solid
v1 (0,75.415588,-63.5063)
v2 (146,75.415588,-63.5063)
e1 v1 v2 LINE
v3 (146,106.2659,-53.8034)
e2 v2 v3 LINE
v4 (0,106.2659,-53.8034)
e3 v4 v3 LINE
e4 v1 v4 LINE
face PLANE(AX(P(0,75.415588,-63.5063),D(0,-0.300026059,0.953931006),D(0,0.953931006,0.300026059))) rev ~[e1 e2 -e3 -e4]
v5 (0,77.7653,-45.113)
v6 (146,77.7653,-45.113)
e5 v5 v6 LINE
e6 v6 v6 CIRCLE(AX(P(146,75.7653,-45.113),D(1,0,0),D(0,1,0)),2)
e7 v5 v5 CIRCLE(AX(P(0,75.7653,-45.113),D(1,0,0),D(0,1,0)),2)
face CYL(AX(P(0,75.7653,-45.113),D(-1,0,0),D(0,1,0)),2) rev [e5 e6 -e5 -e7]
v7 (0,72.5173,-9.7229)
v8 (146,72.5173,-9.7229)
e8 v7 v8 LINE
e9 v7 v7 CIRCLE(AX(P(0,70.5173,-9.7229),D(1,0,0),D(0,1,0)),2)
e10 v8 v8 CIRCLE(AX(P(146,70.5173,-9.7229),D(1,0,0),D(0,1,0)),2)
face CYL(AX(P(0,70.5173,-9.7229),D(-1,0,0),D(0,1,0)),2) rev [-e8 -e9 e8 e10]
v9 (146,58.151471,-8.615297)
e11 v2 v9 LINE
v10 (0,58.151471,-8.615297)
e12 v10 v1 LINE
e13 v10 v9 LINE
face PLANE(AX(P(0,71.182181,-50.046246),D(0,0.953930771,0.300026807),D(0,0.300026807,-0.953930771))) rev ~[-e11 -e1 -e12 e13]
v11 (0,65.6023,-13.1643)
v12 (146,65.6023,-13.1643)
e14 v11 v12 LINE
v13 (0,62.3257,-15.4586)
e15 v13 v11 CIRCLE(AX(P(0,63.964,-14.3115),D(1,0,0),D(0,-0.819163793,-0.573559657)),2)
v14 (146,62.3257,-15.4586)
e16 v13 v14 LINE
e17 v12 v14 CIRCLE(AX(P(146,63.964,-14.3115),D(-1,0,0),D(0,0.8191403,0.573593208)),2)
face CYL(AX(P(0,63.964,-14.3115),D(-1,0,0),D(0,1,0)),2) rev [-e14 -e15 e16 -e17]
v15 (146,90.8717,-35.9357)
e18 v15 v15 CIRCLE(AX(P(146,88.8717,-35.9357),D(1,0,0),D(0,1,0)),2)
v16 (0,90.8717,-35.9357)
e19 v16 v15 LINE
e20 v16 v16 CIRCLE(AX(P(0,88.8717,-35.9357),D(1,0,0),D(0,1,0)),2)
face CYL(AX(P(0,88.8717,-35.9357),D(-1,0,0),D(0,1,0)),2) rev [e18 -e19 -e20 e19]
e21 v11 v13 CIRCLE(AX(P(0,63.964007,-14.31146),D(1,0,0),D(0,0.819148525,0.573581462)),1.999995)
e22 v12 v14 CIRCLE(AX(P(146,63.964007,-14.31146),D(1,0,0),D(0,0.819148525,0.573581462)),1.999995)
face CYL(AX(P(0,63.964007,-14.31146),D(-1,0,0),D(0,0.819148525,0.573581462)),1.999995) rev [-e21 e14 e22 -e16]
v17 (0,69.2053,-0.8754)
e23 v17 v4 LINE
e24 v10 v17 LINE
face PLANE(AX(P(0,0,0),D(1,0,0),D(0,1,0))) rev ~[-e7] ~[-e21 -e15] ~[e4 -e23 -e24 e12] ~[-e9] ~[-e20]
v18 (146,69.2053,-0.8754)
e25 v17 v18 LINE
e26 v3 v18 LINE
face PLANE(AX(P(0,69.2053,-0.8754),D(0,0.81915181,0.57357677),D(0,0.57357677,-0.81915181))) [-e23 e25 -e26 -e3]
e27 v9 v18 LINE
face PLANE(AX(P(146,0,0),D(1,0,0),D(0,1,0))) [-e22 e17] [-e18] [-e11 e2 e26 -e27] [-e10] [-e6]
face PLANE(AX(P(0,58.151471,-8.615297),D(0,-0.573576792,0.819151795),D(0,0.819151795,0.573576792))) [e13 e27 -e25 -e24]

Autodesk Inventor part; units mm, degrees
ref_plane "YZ Plane" through (0, 0, 0) normal (1, 0, 0) x (0, 1, 0)
ref_plane "XZ Plane" through (0, 0, 0) normal (0, 1, 0) x (-1, 0, 0)
ref_plane "XY Plane" through (0, 0, 0) normal (0, 0, 1) x (1, 0, 0)
sketch "Sketch1" plane through (0, 0, 0) normal (1, 0, 0) x (0, 1, 0)
  line L0 (64.4555, -41.9909) -> (61.5977, -32.9047)
  line L1 (138.014, 47.3051) -> (165.5457, 7.9858) projected
  line L2 (27.9282, -88.3751) -> (165.5457, 7.9858) projected
  line L3 (0.3965, -49.0558) -> (27.9282, -88.3751) projected
  line L4 (0.3965, -49.0558) -> (138.014, 47.3051) projected
  circle A0 centre (132.1202, 13.8796) radius 7 projected
  circle A1 centre (112.4606, 0.1137) radius 7 projected
  arc A2 (128.0668, 2.4092) -> (132.006, 1.7146) centre (130.0364, 2.0619) ccw projected
  line L5 (132.1252, 2.3905) -> (132.006, 1.7146) projected
  arc A3 (132.1252, 2.3905) -> (128.186, 3.085) centre (130.1556, 2.7377) ccw projected
  line L6 (128.0668, 2.4092) -> (128.186, 3.085) projected
  line L7 (120.5811, 8.2413) -> (121.7054, 9.0286) projected
  arc A4 (120.5811, 8.2413) -> (122.8754, 4.9647) centre (121.7282, 6.603) ccw projected
  line L8 (123.9997, 5.752) -> (122.8754, 4.9647) projected
  arc A5 (123.9997, 5.752) -> (121.7054, 9.0286) centre (122.8526, 7.3903) ccw projected
  arc A6 (120.6498, 17.933) -> (119.9552, 13.9937) centre (120.3025, 15.9634) ccw projected
  line L9 (120.6311, 13.8746) -> (119.9552, 13.9937) projected
  arc A7 (120.6311, 13.8746) -> (121.3257, 17.8138) centre (120.9784, 15.8442) ccw projected
  line L10 (120.6498, 17.933) -> (121.3257, 17.8138) projected
  arc A8 (143.5906, 9.8262) -> (144.2852, 13.7654) centre (143.9379, 11.7958) ccw projected
  line L11 (143.6093, 13.8846) -> (144.2852, 13.7654) projected
  arc A9 (143.6093, 13.8846) -> (142.9147, 9.9454) centre (143.262, 11.915) ccw projected
  line L12 (143.5906, 9.8262) -> (142.9147, 9.9454) projected
  line L13 (143.6594, 19.5178) -> (142.535, 18.7305) projected
  arc A10 (143.6594, 19.5178) -> (141.3651, 22.7944) centre (142.5122, 21.1561) ccw projected
  line L14 (140.2407, 22.0072) -> (141.3651, 22.7944) projected
  arc A11 (140.2407, 22.0072) -> (142.535, 18.7305) centre (141.3879, 20.3689) ccw projected
  line L15 (140.2478, 5.7591) -> (142.9357, 1.9203) projected
  arc A12 (140.2478, 5.7591) -> (136.9712, 3.4648) centre (138.6095, 4.6119) ccw projected
  line L16 (139.6591, -0.374) -> (136.9712, 3.4648) projected
  arc A13 (139.6591, -0.374) -> (142.9357, 1.9203) centre (141.2974, 0.7731) ccw projected
  circle A14 centre (134.7442, -3.8155) radius 2 projected
  circle A15 centre (128.191, -8.4041) radius 2 projected
  line L17 (120.5881, -8.0068) -> (123.2761, -11.8455) projected
  arc A16 (120.5881, -8.0068) -> (117.3115, -10.3011) centre (118.9498, -9.1539) ccw projected
  line L18 (119.9995, -14.1398) -> (117.3115, -10.3011) projected
  arc A17 (119.9995, -14.1398) -> (123.2761, -11.8455) centre (121.6378, -12.9927) ccw projected
  circle A18 centre (115.0846, -17.5813) radius 2 projected
  circle A19 centre (108.5314, -22.1699) radius 2 projected
  line L19 (100.9285, -21.7726) -> (103.6164, -25.6114) projected
  arc A20 (100.9285, -21.7726) -> (97.6519, -24.0669) centre (99.2902, -22.9197) ccw projected
  line L20 (100.3398, -27.9057) -> (97.6519, -24.0669) projected
  arc A21 (100.3398, -27.9057) -> (103.6164, -25.6114) centre (101.9781, -26.7585) ccw projected
  circle A22 centre (95.4249, -31.3471) radius 2 projected
  circle A23 centre (88.8717, -35.9357) radius 2 projected
  line L21 (81.2688, -35.5384) -> (83.9568, -39.3772) projected
  arc A24 (81.2688, -35.5384) -> (77.9922, -37.8327) centre (79.6305, -36.6856) ccw projected
  line L22 (80.6802, -41.6715) -> (77.9922, -37.8327) projected
  arc A25 (80.6802, -41.6715) -> (83.9568, -39.3772) centre (82.3185, -40.5244) ccw projected
  circle A26 centre (75.7653, -45.113) radius 2 projected
  circle A27 centre (69.2121, -49.7016) radius 2 projected
  line L23 (61.6092, -49.3043) -> (64.2971, -53.143) projected
  arc A28 (61.6092, -49.3043) -> (58.3326, -51.5986) centre (59.9709, -50.4514) ccw projected
  line L24 (61.0205, -55.4373) -> (58.3326, -51.5986) projected
  arc A29 (61.0205, -55.4373) -> (64.2971, -53.143) centre (62.6588, -54.2902) ccw projected
  circle A30 centre (56.1056, -58.8788) radius 2 projected
  circle A31 centre (49.5524, -63.4674) radius 2 projected
  line L25 (41.9495, -63.0701) -> (44.6375, -66.9089) projected
  arc A32 (41.9495, -63.0701) -> (38.6729, -65.3644) centre (40.3112, -64.2172) ccw projected
  line L26 (41.3609, -69.2032) -> (38.6729, -65.3644) projected
  arc A33 (41.3609, -69.2032) -> (44.6375, -66.9089) centre (42.9992, -68.056) ccw projected
  circle A34 centre (36.446, -72.6446) radius 2 projected
  circle A35 centre (29.8928, -77.2333) radius 2 projected
  line L27 (123.9926, 22.0001) -> (121.3047, 25.8389) projected
  arc A36 (123.9926, 22.0001) -> (127.2692, 24.2944) centre (125.6309, 23.1472) ccw projected
  line L28 (124.5813, 28.1332) -> (127.2692, 24.2944) projected
  arc A37 (124.5813, 28.1332) -> (121.3047, 25.8389) centre (122.943, 26.986) ccw projected
  circle A38 centre (116.3898, 22.3974) radius 2 projected
  circle A39 centre (109.8366, 17.8088) radius 2 projected
  line L29 (104.333, 8.2342) -> (101.645, 12.073) projected
  arc A40 (104.333, 8.2342) -> (107.6096, 10.5285) centre (105.9713, 9.3814) ccw projected
  line L30 (104.9216, 14.3673) -> (107.6096, 10.5285) projected
  arc A41 (104.9216, 14.3673) -> (101.645, 12.073) centre (103.2833, 13.2202) ccw projected
  circle A42 centre (96.7301, 8.6316) radius 2 projected
  circle A43 centre (90.1769, 4.043) radius 2 projected
  line L31 (84.6733, -5.5316) -> (81.9854, -1.6928) projected
  arc A44 (84.6733, -5.5316) -> (87.9499, -3.2373) centre (86.3116, -4.3844) ccw projected
  line L32 (85.262, 0.6015) -> (87.9499, -3.2373) projected
  arc A45 (85.262, 0.6015) -> (81.9854, -1.6928) centre (83.6237, -0.5457) ccw projected
  circle A46 centre (77.0705, -5.1343) radius 2 projected
  circle A47 centre (70.5173, -9.7229) radius 2 projected
  line L33 (65.0137, -19.2974) -> (62.3257, -15.4586) projected
  arc A48 (65.0137, -19.2974) -> (68.2903, -17.0031) centre (66.652, -18.1503) ccw projected
  line L34 (65.6023, -13.1643) -> (68.2903, -17.0031) projected
  arc A49 (65.6023, -13.1643) -> (62.3257, -15.4586) centre (63.964, -14.3115) ccw projected
  circle A50 centre (57.4108, -18.9001) radius 2 projected
  circle A51 centre (50.8576, -23.4887) radius 2 projected
  line L35 (45.354, -33.0633) -> (42.6661, -29.2245) projected
  arc A52 (45.354, -33.0633) -> (48.6306, -30.769) centre (46.9923, -31.9161) ccw projected
  line L36 (45.9427, -26.9302) -> (48.6306, -30.769) projected
  arc A53 (45.9427, -26.9302) -> (42.6661, -29.2245) centre (44.3044, -28.0773) ccw projected
  circle A54 centre (37.7512, -32.6659) radius 2 projected
  circle A55 centre (31.198, -37.2546) radius 2 projected
  line L37 (25.6944, -46.8291) -> (23.0064, -42.9903) projected
  arc A56 (25.6944, -46.8291) -> (28.971, -44.5348) centre (27.3327, -45.6819) ccw projected
  line L38 (26.283, -40.696) -> (28.971, -44.5348) projected
  arc A57 (26.283, -40.696) -> (23.0064, -42.9903) centre (24.6447, -41.8432) ccw projected
  circle A58 centre (18.0915, -46.4318) radius 2 projected
  circle A59 centre (11.5383, -51.0204) radius 2 projected
  arc A60 (25.6327, -72.7688) -> (26.3273, -68.8296) centre (25.98, -70.7992) ccw projected
  line L39 (25.6514, -68.7104) -> (26.3273, -68.8296) projected
  arc A61 (25.6514, -68.7104) -> (24.9568, -72.6497) centre (25.3041, -70.68) ccw projected
  line L40 (25.6327, -72.7688) -> (24.9568, -72.6497) projected
  arc A62 (18.2157, -57.245) -> (14.2765, -56.5504) centre (16.2461, -56.8977) ccw projected
  line L41 (14.1573, -57.2263) -> (14.2765, -56.5504) projected
  arc A63 (14.1573, -57.2263) -> (18.0965, -57.9209) centre (16.1269, -57.5736) ccw projected
  line L42 (18.2157, -57.245) -> (18.0965, -57.9209) projected
  arc A64 (147.7265, 16.175) -> (151.6657, 15.4804) centre (149.6961, 15.8277) ccw projected
  line L43 (151.7849, 16.1563) -> (151.6657, 15.4804) projected
  arc A65 (151.7849, 16.1563) -> (147.8456, 16.8509) centre (149.8153, 16.5036) ccw projected
  line L44 (147.7265, 16.175) -> (147.8456, 16.8509) projected
  arc A66 (140.3095, 31.6988) -> (139.6149, 27.7596) centre (139.9622, 29.7292) ccw projected
  line L45 (140.2907, 27.6404) -> (139.6149, 27.7596) projected
  arc A67 (140.2907, 27.6404) -> (140.9853, 31.5796) centre (140.638, 29.61) ccw projected
  line L46 (140.3095, 31.6988) -> (140.9853, 31.5796) projected
  circle A68 centre (129.4962, 31.5746) radius 2 projected
  circle A69 centre (147.8506, 5.3618) radius 2 projected
  circle A70 centre (154.4039, 9.9504) radius 2 projected
  circle A71 centre (136.0494, 36.1632) radius 2 projected
  arc A72 (45.2924, -59.003) -> (45.987, -55.0638) centre (45.6397, -57.0334) ccw projected
  line L47 (45.3111, -54.9446) -> (45.987, -55.0638) projected
  arc A73 (45.3111, -54.9446) -> (44.6165, -58.8838) centre (44.9638, -56.9142) ccw projected
  line L48 (45.2924, -59.003) -> (44.6165, -58.8838) projected
  arc A74 (64.952, -45.2372) -> (65.6466, -41.2979) centre (65.2993, -43.2675) ccw projected
  line L49 (64.9707, -41.1788) -> (65.6466, -41.2979) projected
  arc A75 (64.9707, -41.1788) -> (64.2761, -45.118) centre (64.6234, -43.1484) ccw projected
  line L50 (64.952, -45.2372) -> (64.2761, -45.118) projected
  arc A76 (84.6117, -31.4713) -> (85.3063, -27.5321) centre (84.959, -29.5017) ccw projected
  line L51 (84.6304, -27.4129) -> (85.3063, -27.5321) projected
  arc A77 (84.6304, -27.4129) -> (83.9358, -31.3521) centre (84.2831, -29.3825) ccw projected
  line L52 (84.6117, -31.4713) -> (83.9358, -31.3521) projected
  arc A78 (104.2713, -17.7055) -> (104.9659, -13.7663) centre (104.6186, -15.7359) ccw projected
  line L53 (104.29, -13.6471) -> (104.9659, -13.7663) projected
  arc A79 (104.29, -13.6471) -> (103.5954, -17.5863) centre (103.9427, -15.6167) ccw projected
  line L54 (104.2713, -17.7055) -> (103.5954, -17.5863) projected
  arc A80 (123.931, -3.9397) -> (124.6256, -0.0004) centre (124.2783, -1.97) ccw projected
  line L55 (123.9497, 0.1188) -> (124.6256, -0.0004) projected
  arc A81 (123.9497, 0.1188) -> (123.2551, -3.8205) centre (123.6024, -1.8509) ccw projected
  line L56 (123.931, -3.9397) -> (123.2551, -3.8205) projected
  arc A82 (22.3516, -50.8962) -> (21.657, -54.8354) centre (22.0043, -52.8658) ccw projected
  line L57 (22.3328, -54.9546) -> (21.657, -54.8354) projected
  arc A83 (22.3328, -54.9546) -> (23.0274, -51.0154) centre (22.6801, -52.985) ccw projected
  line L58 (22.3516, -50.8962) -> (23.0274, -51.0154) projected
  arc A84 (42.0112, -37.1304) -> (41.3166, -41.0696) centre (41.6639, -39.1) ccw projected
  line L59 (41.9925, -41.1888) -> (41.3166, -41.0696) projected
  arc A85 (41.9925, -41.1888) -> (42.6871, -37.2495) centre (42.3398, -39.2192) ccw projected
  line L60 (42.0112, -37.1304) -> (42.6871, -37.2495) projected
  arc A86 (61.6709, -23.3645) -> (60.9763, -27.3038) centre (61.3236, -25.3342) ccw projected
  line L61 (61.6521, -27.4229) -> (60.9763, -27.3038) projected
  arc A87 (61.6521, -27.4229) -> (62.3467, -23.4837) centre (61.9994, -25.4533) ccw projected
  line L62 (61.6709, -23.3645) -> (62.3467, -23.4837) projected
  arc A88 (81.3305, -9.5987) -> (80.6359, -13.5379) centre (80.9832, -11.5683) ccw projected
  line L63 (81.3118, -13.6571) -> (80.6359, -13.5379) projected
  arc A89 (81.3118, -13.6571) -> (82.0064, -9.7179) centre (81.6591, -11.6875) ccw projected
  line L64 (81.3305, -9.5987) -> (82.0064, -9.7179) projected
  arc A90 (100.9902, 4.1671) -> (100.2956, 0.2279) centre (100.6429, 2.1975) ccw projected
  line L65 (100.9714, 0.1087) -> (100.2956, 0.2279) projected
  arc A91 (100.9714, 0.1087) -> (101.666, 4.048) centre (101.3187, 2.0783) ccw projected
  line L66 (100.9902, 4.1671) -> (101.666, 4.048) projected
  arc A92 (22.2828, -60.5879) -> (24.5771, -63.8645) centre (23.43, -62.2262) ccw projected
  line L67 (25.7015, -63.0772) -> (24.5771, -63.8645) projected
  arc A93 (25.7015, -63.0772) -> (23.4072, -59.8006) centre (24.5543, -61.4389) ccw projected
  line L68 (22.2828, -60.5879) -> (23.4072, -59.8006) projected
  line L69 (41.9425, -46.822) -> (43.0668, -46.0347) projected
  arc A94 (41.9425, -46.822) -> (44.2368, -50.0986) centre (43.0896, -48.4603) ccw projected
  line L70 (45.3611, -49.3113) -> (44.2368, -50.0986) projected
  arc A95 (45.3611, -49.3113) -> (43.0668, -46.0347) centre (44.214, -47.673) ccw projected
  line L71 (61.6021, -33.0562) -> (62.7265, -32.2689) projected
  arc A96 (61.6021, -33.0562) -> (63.8964, -36.3328) centre (62.7493, -34.6945) ccw projected
  line L72 (65.0208, -35.5455) -> (63.8964, -36.3328) projected
  arc A97 (65.0208, -35.5455) -> (62.7265, -32.2689) centre (63.8736, -33.9072) ccw projected
  line L73 (81.2618, -19.2903) -> (82.3861, -18.5031) projected
  arc A98 (81.2618, -19.2903) -> (83.5561, -22.567) centre (82.4089, -20.9287) ccw projected
  line L74 (84.6804, -21.7797) -> (83.5561, -22.567) projected
  arc A99 (84.6804, -21.7797) -> (82.3861, -18.5031) centre (83.5333, -20.1414) ccw projected
  line L75 (100.9214, -5.5245) -> (102.0458, -4.7372) projected
  arc A100 (100.9214, -5.5245) -> (103.2157, -8.8011) centre (102.0686, -7.1628) ccw projected
  line L76 (104.3401, -8.0138) -> (103.2157, -8.8011) projected
  arc A101 (104.3401, -8.0138) -> (102.0458, -4.7372) centre (103.1929, -6.3755) ccw projected
  arc A102 (29.7686, -66.42) -> (33.7078, -67.1146) centre (31.7382, -66.7673) ccw projected
  line L77 (33.827, -66.4387) -> (33.7078, -67.1146) projected
  arc A103 (33.827, -66.4387) -> (29.8877, -65.7441) centre (31.8574, -66.0914) ccw projected
  line L78 (29.7686, -66.42) -> (29.8877, -65.7441) projected
  arc A104 (49.4282, -52.6542) -> (53.3675, -53.3488) centre (51.3978, -53.0015) ccw projected
  line L79 (53.4866, -52.6729) -> (53.3675, -53.3488) projected
  arc A105 (53.4866, -52.6729) -> (49.5474, -51.9783) centre (51.517, -52.3256) ccw projected
  line L80 (49.4282, -52.6542) -> (49.5474, -51.9783) projected
  arc A106 (69.0879, -38.8883) -> (73.0271, -39.5829) centre (71.0575, -39.2356) ccw projected
  line L81 (73.1463, -38.9071) -> (73.0271, -39.5829) projected
  arc A107 (73.1463, -38.9071) -> (69.207, -38.2125) centre (71.1767, -38.5598) ccw projected
  line L82 (69.0879, -38.8883) -> (69.207, -38.2125) projected
  arc A108 (88.7475, -25.1225) -> (92.6867, -25.8171) centre (90.7171, -25.4698) ccw projected
  line L83 (92.8059, -25.1412) -> (92.6867, -25.8171) projected
  arc A109 (92.8059, -25.1412) -> (88.8667, -24.4466) centre (90.8363, -24.7939) ccw projected
  line L84 (88.7475, -25.1225) -> (88.8667, -24.4466) projected
  arc A110 (108.4072, -11.3567) -> (112.3464, -12.0512) centre (110.3768, -11.704) ccw projected
  line L85 (112.4656, -11.3754) -> (112.3464, -12.0512) projected
  arc A111 (112.4656, -11.3754) -> (108.5263, -10.6808) centre (110.496, -11.0281) ccw projected
  line L86 (108.4072, -11.3567) -> (108.5263, -10.6808) projected
  arc A112 (37.8754, -43.4792) -> (33.9361, -42.7846) centre (35.9057, -43.1319) ccw projected
  line L87 (33.817, -43.4605) -> (33.9361, -42.7846) projected
  arc A113 (33.817, -43.4605) -> (37.7562, -44.1551) centre (35.7866, -43.8078) ccw projected
  line L88 (37.8754, -43.4792) -> (37.7562, -44.1551) projected
  arc A114 (57.535, -29.7134) -> (53.5958, -29.0188) centre (55.5654, -29.3661) ccw projected
  line L89 (53.4766, -29.6946) -> (53.5958, -29.0188) projected
  arc A115 (53.4766, -29.6946) -> (57.4158, -30.3892) centre (55.4462, -30.0419) ccw projected
  line L90 (57.535, -29.7134) -> (57.4158, -30.3892) projected
  arc A116 (77.1947, -15.9475) -> (73.2554, -15.2529) centre (75.225, -15.6002) ccw projected
  line L91 (73.1363, -15.9288) -> (73.2554, -15.2529) projected
  arc A117 (73.1363, -15.9288) -> (77.0755, -16.6234) centre (75.1059, -16.2761) ccw projected
  line L92 (77.1947, -15.9475) -> (77.0755, -16.6234) projected
  arc A118 (96.8543, -2.1817) -> (92.9151, -1.4871) centre (94.8847, -1.8344) ccw projected
  line L93 (92.7959, -2.163) -> (92.9151, -1.4871) projected
  arc A119 (92.7959, -2.163) -> (96.7351, -2.8576) centre (94.7655, -2.5103) ccw projected
  line L94 (96.8543, -2.1817) -> (96.7351, -2.8576) projected
  arc A120 (116.514, 11.5841) -> (112.5747, 12.2787) centre (114.5443, 11.9314) ccw projected
  line L95 (112.4556, 11.6029) -> (112.5747, 12.2787) projected
  arc A121 (112.4556, 11.6029) -> (116.3948, 10.9083) centre (114.4252, 11.2556) ccw projected
  line L96 (116.514, 11.5841) -> (116.3948, 10.9083) projected
  arc A122 (136.1736, 25.35) -> (132.2344, 26.0446) centre (134.204, 25.6973) ccw projected
  line L97 (132.1152, 25.3687) -> (132.2344, 26.0446) projected
  arc A123 (132.1152, 25.3687) -> (136.0544, 24.6741) centre (134.0848, 25.0214) ccw projected
  line L98 (136.1736, 25.35) -> (136.0544, 24.6741) projected
  circle A124 centre (33.822, -54.9496) radius 7 projected
  circle A125 centre (53.4816, -41.1838) radius 7 projected
  circle A126 centre (73.1413, -27.4179) radius 7 projected
  circle A127 centre (92.8009, -13.6521) radius 7 projected
  line L99 (67.0567, -66.1353) -> (-45.0063, -101.3808) projected
  line L100 (55.6257, -29.7905) -> (-56.4373, -65.036) projected
  line L101 (67.0567, -66.1353) -> (106.2659, -53.8034)
  line L102 (71.5998, -64.7064) -> (64.4555, -41.9909)
  line L103 (60.1688, -28.3616) -> (55.6257, -29.7905)
  line L104 (61.5977, -32.9047) -> (60.1688, -28.3616)
  line L105 (53.9774, 4.6561) -> (76.4528, -66.8041)
  line L106 (69.2053, -0.8754) -> (115.7634, -67.3672)
  circle A128 centre (63.964, -14.3115) radius 2
  point P0 (0, 0)
  point P1 (58.1515, -8.6153)
  point P2 (75.4156, -63.5063)
  dimension "d0" = 4
extrude "Extrusion1" add sketch "Sketch1" along normal blind 146 contours L105 A27 A87 L4 L106 L73 A98 L74 L2 | L2 L106 L101 L105 | L105 A27 | L74 A98 L73 L106 | L105 A87 | L21 A25 L22 A24 | L33 A128 L34 A48 | L52 A77 L51 A76 | L82 A107 L81 A106 | L92 A117 L91 A116 | A126 picked at (71.0054, -49.1019)
properties part number "ring holder"
